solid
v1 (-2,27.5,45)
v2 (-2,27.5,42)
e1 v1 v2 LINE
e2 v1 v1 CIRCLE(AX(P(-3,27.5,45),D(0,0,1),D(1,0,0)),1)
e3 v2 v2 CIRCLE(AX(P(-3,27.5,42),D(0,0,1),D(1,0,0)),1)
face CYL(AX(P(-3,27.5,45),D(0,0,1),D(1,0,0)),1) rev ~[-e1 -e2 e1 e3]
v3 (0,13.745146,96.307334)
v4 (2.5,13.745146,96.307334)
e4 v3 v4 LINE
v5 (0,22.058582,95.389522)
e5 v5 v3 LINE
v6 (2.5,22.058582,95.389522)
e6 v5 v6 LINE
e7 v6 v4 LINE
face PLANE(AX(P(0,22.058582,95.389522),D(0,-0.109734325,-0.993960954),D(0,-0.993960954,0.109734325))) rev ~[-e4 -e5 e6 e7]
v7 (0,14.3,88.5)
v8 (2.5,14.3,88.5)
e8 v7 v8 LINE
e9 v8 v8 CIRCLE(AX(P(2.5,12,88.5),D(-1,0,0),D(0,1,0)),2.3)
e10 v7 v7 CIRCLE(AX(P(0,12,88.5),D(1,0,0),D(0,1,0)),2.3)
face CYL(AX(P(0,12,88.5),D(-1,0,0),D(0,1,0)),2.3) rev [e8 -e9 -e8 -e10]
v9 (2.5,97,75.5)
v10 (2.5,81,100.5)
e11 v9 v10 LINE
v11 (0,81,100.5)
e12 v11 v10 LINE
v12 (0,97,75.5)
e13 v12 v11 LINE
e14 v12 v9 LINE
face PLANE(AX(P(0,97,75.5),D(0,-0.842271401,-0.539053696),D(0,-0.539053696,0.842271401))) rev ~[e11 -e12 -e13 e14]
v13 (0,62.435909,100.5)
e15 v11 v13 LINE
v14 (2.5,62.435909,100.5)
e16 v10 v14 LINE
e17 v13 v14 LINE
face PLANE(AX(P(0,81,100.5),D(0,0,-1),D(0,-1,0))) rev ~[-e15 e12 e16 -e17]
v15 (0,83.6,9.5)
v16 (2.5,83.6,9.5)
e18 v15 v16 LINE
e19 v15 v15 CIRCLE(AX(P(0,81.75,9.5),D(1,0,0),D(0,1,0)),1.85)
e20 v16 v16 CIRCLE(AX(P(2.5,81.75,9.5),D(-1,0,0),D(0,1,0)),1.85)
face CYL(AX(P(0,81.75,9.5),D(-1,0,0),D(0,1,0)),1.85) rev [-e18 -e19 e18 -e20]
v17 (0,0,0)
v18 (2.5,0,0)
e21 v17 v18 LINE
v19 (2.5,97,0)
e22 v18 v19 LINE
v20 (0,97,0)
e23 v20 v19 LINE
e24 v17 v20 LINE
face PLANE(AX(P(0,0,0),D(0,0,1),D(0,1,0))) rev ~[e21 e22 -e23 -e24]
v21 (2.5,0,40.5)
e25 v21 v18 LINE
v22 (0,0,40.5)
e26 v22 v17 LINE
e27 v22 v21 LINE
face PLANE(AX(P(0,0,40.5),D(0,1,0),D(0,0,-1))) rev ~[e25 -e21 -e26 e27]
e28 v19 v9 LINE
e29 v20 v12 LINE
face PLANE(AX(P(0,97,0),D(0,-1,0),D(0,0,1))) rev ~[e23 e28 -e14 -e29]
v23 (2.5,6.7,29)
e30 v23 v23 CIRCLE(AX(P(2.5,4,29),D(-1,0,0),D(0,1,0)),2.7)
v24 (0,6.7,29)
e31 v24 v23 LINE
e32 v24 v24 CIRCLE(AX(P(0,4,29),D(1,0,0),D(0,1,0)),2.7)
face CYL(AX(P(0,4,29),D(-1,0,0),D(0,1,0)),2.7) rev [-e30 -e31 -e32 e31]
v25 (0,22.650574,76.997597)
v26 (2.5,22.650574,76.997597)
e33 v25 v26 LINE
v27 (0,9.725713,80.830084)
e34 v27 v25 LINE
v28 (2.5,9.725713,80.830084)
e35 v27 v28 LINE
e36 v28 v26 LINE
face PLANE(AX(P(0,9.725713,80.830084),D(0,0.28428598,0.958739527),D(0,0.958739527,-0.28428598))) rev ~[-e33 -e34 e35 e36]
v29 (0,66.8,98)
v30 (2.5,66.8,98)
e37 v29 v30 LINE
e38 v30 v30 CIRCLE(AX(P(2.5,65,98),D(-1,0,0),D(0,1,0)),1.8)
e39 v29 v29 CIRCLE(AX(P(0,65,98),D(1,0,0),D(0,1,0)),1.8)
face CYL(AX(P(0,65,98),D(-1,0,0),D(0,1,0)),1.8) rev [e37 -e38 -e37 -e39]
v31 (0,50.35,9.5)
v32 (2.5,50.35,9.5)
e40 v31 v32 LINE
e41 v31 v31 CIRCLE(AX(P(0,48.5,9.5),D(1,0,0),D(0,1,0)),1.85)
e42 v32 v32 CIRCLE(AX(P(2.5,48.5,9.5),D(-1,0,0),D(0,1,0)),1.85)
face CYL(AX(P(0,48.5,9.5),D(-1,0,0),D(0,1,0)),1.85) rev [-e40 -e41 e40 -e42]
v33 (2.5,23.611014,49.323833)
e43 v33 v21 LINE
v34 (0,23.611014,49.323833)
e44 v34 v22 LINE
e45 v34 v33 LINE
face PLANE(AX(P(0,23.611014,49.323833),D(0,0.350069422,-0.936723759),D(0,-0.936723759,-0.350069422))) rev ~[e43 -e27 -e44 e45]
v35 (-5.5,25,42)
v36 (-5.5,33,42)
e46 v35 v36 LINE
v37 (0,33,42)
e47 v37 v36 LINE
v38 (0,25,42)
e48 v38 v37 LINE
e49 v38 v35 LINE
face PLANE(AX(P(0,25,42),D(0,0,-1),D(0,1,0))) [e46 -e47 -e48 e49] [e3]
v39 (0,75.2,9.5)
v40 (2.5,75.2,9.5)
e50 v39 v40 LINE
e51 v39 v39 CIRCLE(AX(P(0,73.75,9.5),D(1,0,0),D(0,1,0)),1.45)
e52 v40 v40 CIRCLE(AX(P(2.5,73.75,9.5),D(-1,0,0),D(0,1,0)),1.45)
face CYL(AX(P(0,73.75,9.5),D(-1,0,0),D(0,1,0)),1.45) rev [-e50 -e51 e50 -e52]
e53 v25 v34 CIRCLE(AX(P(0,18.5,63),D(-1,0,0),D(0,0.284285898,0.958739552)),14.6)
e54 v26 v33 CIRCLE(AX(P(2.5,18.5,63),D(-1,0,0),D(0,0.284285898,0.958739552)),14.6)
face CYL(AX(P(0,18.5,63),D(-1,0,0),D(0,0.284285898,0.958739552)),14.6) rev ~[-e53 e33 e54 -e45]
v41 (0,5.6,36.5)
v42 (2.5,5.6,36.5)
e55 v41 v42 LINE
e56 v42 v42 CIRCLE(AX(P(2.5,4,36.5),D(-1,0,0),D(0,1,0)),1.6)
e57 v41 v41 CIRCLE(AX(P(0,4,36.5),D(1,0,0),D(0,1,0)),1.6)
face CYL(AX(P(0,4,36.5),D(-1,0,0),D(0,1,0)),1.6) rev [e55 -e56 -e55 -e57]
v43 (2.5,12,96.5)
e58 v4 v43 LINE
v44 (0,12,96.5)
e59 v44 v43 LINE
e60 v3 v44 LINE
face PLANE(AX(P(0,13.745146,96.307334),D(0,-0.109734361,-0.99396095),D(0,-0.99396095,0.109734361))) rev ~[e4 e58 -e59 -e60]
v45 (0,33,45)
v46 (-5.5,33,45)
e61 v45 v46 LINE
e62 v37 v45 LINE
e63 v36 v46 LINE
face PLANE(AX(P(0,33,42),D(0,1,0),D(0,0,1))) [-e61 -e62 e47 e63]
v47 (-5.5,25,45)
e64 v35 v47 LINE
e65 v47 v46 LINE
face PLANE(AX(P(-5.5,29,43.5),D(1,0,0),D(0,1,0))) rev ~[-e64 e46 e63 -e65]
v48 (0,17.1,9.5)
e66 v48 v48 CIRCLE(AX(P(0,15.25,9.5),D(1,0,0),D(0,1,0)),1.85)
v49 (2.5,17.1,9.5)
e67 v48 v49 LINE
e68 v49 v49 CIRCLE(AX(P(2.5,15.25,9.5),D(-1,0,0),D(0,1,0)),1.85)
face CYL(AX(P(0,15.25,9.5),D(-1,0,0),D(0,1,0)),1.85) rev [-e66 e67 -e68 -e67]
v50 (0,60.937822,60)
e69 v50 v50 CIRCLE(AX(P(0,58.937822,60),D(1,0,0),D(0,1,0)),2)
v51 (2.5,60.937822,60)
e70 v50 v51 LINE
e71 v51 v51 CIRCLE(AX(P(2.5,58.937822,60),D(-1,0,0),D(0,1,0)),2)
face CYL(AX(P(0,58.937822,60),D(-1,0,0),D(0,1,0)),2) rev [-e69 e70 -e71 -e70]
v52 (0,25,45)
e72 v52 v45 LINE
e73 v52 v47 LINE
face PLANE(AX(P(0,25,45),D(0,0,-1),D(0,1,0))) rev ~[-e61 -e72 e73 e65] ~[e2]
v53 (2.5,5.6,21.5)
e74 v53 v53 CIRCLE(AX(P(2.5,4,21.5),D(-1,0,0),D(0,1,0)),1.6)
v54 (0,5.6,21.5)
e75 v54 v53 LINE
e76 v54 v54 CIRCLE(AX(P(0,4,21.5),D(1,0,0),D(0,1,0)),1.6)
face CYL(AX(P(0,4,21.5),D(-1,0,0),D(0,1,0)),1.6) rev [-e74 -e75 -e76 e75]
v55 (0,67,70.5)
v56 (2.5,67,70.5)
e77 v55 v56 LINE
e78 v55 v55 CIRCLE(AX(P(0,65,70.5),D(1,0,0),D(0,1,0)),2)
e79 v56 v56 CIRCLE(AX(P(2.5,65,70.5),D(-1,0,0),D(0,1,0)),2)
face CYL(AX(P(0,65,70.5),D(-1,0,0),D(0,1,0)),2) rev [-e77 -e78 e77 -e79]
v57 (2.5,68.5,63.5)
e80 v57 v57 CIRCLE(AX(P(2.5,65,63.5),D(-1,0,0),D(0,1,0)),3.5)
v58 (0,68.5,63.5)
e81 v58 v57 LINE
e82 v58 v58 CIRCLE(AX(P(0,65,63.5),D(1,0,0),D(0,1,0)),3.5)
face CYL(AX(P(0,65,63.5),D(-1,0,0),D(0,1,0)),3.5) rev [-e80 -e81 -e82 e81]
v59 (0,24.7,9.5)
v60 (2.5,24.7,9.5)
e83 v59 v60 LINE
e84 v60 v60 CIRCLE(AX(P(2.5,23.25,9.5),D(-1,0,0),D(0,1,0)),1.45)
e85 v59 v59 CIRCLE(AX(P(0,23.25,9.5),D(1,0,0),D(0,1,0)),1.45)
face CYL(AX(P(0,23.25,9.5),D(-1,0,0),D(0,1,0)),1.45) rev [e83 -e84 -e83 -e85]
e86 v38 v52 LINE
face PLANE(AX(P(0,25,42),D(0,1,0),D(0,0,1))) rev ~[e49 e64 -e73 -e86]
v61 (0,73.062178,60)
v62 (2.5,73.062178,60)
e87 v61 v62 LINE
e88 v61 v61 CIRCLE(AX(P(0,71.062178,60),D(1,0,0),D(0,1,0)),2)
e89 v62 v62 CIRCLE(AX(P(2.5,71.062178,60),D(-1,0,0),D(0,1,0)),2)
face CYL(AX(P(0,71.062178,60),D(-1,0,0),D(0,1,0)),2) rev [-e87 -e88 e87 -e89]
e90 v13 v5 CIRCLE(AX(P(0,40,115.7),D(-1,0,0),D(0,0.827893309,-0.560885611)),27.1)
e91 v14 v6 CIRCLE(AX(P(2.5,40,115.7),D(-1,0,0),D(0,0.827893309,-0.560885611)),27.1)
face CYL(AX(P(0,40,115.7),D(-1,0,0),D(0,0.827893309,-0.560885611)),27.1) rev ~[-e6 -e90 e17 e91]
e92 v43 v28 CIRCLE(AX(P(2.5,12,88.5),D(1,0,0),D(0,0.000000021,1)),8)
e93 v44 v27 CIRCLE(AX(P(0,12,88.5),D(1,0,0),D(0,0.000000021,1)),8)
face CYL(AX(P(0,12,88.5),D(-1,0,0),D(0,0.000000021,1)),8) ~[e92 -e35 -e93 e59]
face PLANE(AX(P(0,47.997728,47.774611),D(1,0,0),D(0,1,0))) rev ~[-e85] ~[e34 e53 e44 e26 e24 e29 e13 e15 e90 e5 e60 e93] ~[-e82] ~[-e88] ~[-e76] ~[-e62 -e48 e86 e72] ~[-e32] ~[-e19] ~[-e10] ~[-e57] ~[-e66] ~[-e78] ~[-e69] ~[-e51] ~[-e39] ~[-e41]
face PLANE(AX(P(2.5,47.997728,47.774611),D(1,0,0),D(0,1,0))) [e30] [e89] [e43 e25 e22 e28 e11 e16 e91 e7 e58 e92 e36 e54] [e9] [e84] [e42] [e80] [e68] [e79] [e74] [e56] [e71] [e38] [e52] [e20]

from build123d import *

# Parameters (mm, degrees)
F2_DEPTH = 2.5
F1_R     = 1.8
F1_R_2   = 2
F1_R_3   = 3.5
F1_R_4   = 2.3
F1_R_5   = 1.6
F1_R_6   = 2.7
F1_R_7   = 1.85
F1_R_8   = 1.45
F3_DEPTH = 2.501
F4_W     = 8
F4_H     = 3
F5_DEPTH = 5.5
F6_R     = 1
F7_DEPTH = 45.001


with BuildPart() as f2:
    # F0 (on Right) → F2 (new body)
    with BuildSketch(Plane.YZ):
        with BuildLine():
            Line((0, 40.5), (0, 0))
            Line((0, 0), (97, 0))
            Line((97, 0), (97, 75.5))
            Line((97, 75.5), (81, 100.5))
            Line((81, 100.5), (62.435909, 100.5))
            ThreePointArc((62.435909, 100.5), (43.402845, 88.81449), (22.058582, 95.389522))
            Line((22.058582, 95.389522), (13.745146, 96.307334))
            Line((13.745146, 96.307334), (12, 96.5))
            ThreePointArc((12, 96.5), (4.082951, 89.649058), (9.725713, 80.830084))
            Line((9.725713, 80.830084), (22.650574, 76.997597))
            ThreePointArc((22.650574, 76.997597), (33.091215, 63.506399), (23.611014, 49.323833))
            Line((23.611014, 49.323833), (0, 40.5))
        make_face()
    extrude(amount=F2_DEPTH)

    # F1 (on Right) → F3 (cut, through all)
    with BuildSketch(Plane.YZ):
        with Locations((65, 98)):
            Circle(F1_R)
        with Locations((65, 70.5)):
            Circle(F1_R_2)
        with Locations((65, 63.5)):
            Circle(F1_R_3)
        with Locations((58.937822, 60)):
            Circle(F1_R_2)
        with Locations((71.062178, 60)):
            Circle(F1_R_2)
        with Locations((12, 88.5)):
            Circle(F1_R_4)
        with Locations((4, 36.5)):
            Circle(F1_R_5)
        with Locations((4, 29)):
            Circle(F1_R_6)
        with Locations((4, 21.5)):
            Circle(F1_R_5)
        with Locations((15.25, 9.5)):
            Circle(F1_R_7)
        with Locations((23.25, 9.5)):
            Circle(F1_R_8)
        with Locations((48.5, 9.5)):
            Circle(F1_R_7)
        with Locations((81.75, 9.5)):
            Circle(F1_R_7)
        with Locations((73.75, 9.5)):
            Circle(F1_R_8)
    extrude(amount=F3_DEPTH, mode=Mode.SUBTRACT)

    # F4 (on Right) → F5 (join)
    with BuildSketch(Plane.YZ):
        with Locations((29, 43.5)):
            Rectangle(F4_W, F4_H)
    extrude(amount=-F5_DEPTH)

    # F6 (on face) → F7 (cut, through all)
    with BuildSketch(Plane.XY.offset(45)):
        with Locations((-3, 27.5)):
            Circle(F6_R)
    extrude(amount=-F7_DEPTH, mode=Mode.SUBTRACT)


solid = f2.part
